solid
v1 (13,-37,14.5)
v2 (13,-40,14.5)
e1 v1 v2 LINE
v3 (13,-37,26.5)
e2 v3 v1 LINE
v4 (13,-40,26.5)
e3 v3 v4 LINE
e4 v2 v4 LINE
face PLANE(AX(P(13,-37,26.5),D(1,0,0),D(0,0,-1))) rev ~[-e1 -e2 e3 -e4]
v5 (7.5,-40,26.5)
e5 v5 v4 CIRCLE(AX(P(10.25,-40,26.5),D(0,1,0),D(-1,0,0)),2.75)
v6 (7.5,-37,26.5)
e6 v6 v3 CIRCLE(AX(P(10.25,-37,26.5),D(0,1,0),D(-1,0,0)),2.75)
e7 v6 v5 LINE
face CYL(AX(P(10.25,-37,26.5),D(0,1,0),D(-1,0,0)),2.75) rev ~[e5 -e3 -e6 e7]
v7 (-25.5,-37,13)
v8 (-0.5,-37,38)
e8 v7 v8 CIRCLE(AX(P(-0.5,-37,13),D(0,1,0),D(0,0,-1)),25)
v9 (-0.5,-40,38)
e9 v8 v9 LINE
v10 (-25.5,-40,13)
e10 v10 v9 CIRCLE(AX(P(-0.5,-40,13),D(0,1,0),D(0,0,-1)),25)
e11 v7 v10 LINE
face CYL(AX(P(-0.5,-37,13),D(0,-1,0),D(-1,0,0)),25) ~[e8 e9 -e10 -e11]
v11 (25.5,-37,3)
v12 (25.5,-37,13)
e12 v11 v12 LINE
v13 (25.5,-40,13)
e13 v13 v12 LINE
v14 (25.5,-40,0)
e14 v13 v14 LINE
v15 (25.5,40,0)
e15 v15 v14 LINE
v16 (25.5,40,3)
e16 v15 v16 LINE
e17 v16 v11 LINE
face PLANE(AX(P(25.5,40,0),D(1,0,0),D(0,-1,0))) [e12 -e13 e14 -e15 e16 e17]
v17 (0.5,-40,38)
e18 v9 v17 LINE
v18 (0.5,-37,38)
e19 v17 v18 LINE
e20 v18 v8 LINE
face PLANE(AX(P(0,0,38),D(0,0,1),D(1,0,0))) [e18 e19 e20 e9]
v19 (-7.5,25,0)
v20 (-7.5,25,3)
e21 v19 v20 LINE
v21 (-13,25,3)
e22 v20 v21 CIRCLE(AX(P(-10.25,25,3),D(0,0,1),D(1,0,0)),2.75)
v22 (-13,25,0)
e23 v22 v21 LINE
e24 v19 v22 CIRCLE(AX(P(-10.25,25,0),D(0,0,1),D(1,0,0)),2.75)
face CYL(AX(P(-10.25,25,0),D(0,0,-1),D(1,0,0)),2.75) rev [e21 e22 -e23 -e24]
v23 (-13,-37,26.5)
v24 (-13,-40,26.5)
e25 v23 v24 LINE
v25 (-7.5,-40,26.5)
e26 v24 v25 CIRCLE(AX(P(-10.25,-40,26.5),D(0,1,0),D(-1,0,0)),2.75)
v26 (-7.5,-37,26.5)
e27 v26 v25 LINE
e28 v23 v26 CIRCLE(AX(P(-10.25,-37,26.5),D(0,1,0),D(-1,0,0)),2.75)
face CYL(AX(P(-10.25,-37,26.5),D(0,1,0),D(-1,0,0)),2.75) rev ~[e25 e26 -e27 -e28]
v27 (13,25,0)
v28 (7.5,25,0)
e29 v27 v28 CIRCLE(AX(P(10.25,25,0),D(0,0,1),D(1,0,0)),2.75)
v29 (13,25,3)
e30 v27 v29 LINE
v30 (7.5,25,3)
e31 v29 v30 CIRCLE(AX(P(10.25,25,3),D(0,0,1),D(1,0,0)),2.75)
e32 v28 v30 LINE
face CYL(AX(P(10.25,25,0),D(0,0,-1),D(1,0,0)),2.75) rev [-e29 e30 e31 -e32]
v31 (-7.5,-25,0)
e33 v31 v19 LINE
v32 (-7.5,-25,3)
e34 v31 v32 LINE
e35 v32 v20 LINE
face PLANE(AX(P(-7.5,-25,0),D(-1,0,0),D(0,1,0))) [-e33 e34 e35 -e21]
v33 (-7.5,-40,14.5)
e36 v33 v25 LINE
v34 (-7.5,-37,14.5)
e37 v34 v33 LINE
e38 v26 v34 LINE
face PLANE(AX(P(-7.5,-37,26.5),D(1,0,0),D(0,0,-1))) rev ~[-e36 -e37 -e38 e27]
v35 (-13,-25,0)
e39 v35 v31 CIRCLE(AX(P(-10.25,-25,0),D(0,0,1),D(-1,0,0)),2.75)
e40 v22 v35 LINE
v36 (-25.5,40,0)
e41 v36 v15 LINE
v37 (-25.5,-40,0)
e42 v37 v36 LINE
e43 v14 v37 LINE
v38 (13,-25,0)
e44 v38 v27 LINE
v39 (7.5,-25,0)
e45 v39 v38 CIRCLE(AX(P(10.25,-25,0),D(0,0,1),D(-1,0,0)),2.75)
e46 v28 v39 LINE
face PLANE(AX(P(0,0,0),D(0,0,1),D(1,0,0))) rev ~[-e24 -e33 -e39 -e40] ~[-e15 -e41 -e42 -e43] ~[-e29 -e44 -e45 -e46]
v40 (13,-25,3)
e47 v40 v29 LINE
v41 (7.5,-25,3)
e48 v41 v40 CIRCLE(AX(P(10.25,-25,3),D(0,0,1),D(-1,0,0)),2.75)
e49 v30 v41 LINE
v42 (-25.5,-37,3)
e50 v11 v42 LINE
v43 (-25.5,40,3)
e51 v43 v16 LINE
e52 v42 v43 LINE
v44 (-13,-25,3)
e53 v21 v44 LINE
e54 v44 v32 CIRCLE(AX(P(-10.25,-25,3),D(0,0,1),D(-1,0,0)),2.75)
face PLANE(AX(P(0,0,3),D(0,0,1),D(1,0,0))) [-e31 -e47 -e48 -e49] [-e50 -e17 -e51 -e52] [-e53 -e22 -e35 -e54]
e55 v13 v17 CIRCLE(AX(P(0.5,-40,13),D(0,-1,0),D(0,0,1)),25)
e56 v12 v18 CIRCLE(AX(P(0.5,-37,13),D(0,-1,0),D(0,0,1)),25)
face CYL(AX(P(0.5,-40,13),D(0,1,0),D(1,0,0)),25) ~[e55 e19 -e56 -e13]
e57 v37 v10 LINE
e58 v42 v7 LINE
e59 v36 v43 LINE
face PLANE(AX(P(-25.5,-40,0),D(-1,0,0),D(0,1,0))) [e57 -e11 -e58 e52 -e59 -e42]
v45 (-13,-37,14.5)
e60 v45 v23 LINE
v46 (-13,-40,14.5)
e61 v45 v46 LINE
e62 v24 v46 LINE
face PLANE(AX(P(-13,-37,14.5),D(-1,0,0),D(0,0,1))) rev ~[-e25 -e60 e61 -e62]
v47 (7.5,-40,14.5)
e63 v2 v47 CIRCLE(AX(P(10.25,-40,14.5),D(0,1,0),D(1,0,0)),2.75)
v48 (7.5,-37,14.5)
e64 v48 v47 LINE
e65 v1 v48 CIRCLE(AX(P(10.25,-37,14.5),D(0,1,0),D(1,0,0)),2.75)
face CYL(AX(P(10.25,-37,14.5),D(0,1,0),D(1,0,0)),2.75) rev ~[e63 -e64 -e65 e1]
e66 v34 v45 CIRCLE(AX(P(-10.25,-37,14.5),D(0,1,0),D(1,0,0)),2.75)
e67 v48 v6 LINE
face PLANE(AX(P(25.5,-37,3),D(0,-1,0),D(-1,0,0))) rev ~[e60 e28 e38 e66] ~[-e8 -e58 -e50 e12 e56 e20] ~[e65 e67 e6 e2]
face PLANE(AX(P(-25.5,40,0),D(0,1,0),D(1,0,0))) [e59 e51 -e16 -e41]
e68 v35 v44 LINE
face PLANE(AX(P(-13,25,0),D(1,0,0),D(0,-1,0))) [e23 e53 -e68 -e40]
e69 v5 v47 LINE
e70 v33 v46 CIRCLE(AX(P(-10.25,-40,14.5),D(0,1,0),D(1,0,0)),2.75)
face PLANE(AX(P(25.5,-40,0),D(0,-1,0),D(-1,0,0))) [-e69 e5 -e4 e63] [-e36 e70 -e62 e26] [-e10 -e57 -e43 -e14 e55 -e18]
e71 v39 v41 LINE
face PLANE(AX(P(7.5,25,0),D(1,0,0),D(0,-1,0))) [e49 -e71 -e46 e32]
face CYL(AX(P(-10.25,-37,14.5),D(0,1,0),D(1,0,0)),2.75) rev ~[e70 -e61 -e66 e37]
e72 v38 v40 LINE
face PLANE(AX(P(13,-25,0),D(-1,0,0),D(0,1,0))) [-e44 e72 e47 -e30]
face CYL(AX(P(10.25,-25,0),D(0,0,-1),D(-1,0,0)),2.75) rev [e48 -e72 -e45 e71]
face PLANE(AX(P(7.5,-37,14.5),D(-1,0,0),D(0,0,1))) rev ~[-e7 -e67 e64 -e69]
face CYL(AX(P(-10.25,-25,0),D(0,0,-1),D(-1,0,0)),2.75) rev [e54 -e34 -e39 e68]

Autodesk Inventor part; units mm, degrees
ref_plane "YZ Plane" through (0, 0, 0) normal (1, 0, 0) x (0, 1, 0)
ref_plane "XZ Plane" through (0, 0, 0) normal (0, 1, 0) x (-1, 0, 0)
ref_plane "XY Plane" through (0, 0, 0) normal (0, 0, 1) x (1, 0, 0)
sketch "Sketch2" plane through (0, 0, 0) normal (0, 0, 1) x (1, 0, 0)
  line L0 (-25.5, 40) -> (25.5, 40)
  line L1 (25.5, 40) -> (25.5, -40)
  line L2 (25.5, -40) -> (-25.5, -40)
  line L3 (-25.5, -40) -> (-25.5, 40)
  line L4 (-25.5, 40) -> (25.5, -40) construction
  line L5 (25.5, 40) -> (-25.5, -40) construction
  line L6 (-25.5, 0) -> (-10.25, 0) construction
  line L7 (25.5, 0) -> (10.25, 0) construction
  line L8 (-10.25, -25) -> (-10.25, 25) construction
  line L9 (-7.5, -25) -> (-7.5, 25)
  line L10 (-13, 25) -> (-13, -25)
  arc A0 (-13, -25) -> (-7.5, -25) centre (-10.25, -25) ccw
  arc A1 (-7.5, 25) -> (-13, 25) centre (-10.25, 25) ccw
  line L11 (10.25, -25) -> (10.25, 25) construction
  line L12 (13, -25) -> (13, 25)
  line L13 (7.5, 25) -> (7.5, -25)
  arc A2 (7.5, -25) -> (13, -25) centre (10.25, -25) ccw
  arc A3 (13, 25) -> (7.5, 25) centre (10.25, 25) ccw
  point P0 (0, 0)
  dimension "d2" = 51
  dimension "d3" = 80
  dimension "d4" = 15.25
  dimension "d5" = 15.25
  dimension "d6" = 25
  dimension "d7" = 5.5
  dimension "d8" = 25
  dimension "d9" = 5.5
extrude "Extrusion1" add sketch "Sketch2" along normal blind 3
sketch "Sketch3" plane through (0, 0, 3) normal (0, 0, 1) x (1, 0, 0)
  line L0 (25.5, -40) -> (25.5, 40) projected
  line L1 (-25.5, -40) -> (25.5, -40)
  line L2 (25.5, -40) -> (25.5, -37)
  line L3 (25.5, -37) -> (-25.5, -37)
  line L4 (-25.5, -37) -> (-25.5, -40)
  point P0 (0, 0)
  dimension "d12" = 3
extrude "Extrusion2" add sketch "Sketch3" along normal blind 35
sketch "Sketch4" plane through (-25.5, -37, 3) normal (0, 1, 0) x (1, 0, 0)
  line L0 (0, 0) -> (51, 0) construction
  line L1 (25.5, 0) -> (25.5, -35) construction
  line L2 (51, -35) -> (0, -35) construction
  line L3 (0, 3) -> (0, -35) construction
  line L4 (0, -17.5) -> (15.25, -17.5) construction
  line L5 (0, -17.5) -> (15.25, -17.5) construction
  line L6 (51, 0) -> (51, -35) construction
  line L7 (51, -17.5) -> (35.75, -17.5) construction
  line L8 (15.25, -23.5) -> (15.25, -11.5) construction
  line L9 (18, -23.5) -> (18, -11.5)
  line L10 (12.5, -11.5) -> (12.5, -23.5)
  arc A0 (12.5, -23.5) -> (18, -23.5) centre (15.25, -23.5) ccw
  arc A1 (18, -11.5) -> (12.5, -11.5) centre (15.25, -11.5) ccw
  line L11 (35.75, -23.5) -> (35.75, -11.5) construction
  line L12 (38.5, -23.5) -> (38.5, -11.5)
  line L13 (33, -11.5) -> (33, -23.5)
  arc A2 (33, -23.5) -> (38.5, -23.5) centre (35.75, -23.5) ccw
  arc A3 (38.5, -11.5) -> (33, -11.5) centre (35.75, -11.5) ccw
  point P0 (25.5, 3)
  dimension "d15" = 15.25
  dimension "d17" = 15.25
  dimension "d18" = 6
  dimension "d19" = 5.5
  dimension "d20" = 6
  dimension "d21" = 5.5
extrude "Extrusion3" cut sketch "Sketch4" against normal through all
fillet "Fillet2" radius 25 2 edges at (-25.5, -38.5, 38) (25.5, -38.5, 38)
properties part number "Vertical_L_Bracket" material "Aluminum 6061"
